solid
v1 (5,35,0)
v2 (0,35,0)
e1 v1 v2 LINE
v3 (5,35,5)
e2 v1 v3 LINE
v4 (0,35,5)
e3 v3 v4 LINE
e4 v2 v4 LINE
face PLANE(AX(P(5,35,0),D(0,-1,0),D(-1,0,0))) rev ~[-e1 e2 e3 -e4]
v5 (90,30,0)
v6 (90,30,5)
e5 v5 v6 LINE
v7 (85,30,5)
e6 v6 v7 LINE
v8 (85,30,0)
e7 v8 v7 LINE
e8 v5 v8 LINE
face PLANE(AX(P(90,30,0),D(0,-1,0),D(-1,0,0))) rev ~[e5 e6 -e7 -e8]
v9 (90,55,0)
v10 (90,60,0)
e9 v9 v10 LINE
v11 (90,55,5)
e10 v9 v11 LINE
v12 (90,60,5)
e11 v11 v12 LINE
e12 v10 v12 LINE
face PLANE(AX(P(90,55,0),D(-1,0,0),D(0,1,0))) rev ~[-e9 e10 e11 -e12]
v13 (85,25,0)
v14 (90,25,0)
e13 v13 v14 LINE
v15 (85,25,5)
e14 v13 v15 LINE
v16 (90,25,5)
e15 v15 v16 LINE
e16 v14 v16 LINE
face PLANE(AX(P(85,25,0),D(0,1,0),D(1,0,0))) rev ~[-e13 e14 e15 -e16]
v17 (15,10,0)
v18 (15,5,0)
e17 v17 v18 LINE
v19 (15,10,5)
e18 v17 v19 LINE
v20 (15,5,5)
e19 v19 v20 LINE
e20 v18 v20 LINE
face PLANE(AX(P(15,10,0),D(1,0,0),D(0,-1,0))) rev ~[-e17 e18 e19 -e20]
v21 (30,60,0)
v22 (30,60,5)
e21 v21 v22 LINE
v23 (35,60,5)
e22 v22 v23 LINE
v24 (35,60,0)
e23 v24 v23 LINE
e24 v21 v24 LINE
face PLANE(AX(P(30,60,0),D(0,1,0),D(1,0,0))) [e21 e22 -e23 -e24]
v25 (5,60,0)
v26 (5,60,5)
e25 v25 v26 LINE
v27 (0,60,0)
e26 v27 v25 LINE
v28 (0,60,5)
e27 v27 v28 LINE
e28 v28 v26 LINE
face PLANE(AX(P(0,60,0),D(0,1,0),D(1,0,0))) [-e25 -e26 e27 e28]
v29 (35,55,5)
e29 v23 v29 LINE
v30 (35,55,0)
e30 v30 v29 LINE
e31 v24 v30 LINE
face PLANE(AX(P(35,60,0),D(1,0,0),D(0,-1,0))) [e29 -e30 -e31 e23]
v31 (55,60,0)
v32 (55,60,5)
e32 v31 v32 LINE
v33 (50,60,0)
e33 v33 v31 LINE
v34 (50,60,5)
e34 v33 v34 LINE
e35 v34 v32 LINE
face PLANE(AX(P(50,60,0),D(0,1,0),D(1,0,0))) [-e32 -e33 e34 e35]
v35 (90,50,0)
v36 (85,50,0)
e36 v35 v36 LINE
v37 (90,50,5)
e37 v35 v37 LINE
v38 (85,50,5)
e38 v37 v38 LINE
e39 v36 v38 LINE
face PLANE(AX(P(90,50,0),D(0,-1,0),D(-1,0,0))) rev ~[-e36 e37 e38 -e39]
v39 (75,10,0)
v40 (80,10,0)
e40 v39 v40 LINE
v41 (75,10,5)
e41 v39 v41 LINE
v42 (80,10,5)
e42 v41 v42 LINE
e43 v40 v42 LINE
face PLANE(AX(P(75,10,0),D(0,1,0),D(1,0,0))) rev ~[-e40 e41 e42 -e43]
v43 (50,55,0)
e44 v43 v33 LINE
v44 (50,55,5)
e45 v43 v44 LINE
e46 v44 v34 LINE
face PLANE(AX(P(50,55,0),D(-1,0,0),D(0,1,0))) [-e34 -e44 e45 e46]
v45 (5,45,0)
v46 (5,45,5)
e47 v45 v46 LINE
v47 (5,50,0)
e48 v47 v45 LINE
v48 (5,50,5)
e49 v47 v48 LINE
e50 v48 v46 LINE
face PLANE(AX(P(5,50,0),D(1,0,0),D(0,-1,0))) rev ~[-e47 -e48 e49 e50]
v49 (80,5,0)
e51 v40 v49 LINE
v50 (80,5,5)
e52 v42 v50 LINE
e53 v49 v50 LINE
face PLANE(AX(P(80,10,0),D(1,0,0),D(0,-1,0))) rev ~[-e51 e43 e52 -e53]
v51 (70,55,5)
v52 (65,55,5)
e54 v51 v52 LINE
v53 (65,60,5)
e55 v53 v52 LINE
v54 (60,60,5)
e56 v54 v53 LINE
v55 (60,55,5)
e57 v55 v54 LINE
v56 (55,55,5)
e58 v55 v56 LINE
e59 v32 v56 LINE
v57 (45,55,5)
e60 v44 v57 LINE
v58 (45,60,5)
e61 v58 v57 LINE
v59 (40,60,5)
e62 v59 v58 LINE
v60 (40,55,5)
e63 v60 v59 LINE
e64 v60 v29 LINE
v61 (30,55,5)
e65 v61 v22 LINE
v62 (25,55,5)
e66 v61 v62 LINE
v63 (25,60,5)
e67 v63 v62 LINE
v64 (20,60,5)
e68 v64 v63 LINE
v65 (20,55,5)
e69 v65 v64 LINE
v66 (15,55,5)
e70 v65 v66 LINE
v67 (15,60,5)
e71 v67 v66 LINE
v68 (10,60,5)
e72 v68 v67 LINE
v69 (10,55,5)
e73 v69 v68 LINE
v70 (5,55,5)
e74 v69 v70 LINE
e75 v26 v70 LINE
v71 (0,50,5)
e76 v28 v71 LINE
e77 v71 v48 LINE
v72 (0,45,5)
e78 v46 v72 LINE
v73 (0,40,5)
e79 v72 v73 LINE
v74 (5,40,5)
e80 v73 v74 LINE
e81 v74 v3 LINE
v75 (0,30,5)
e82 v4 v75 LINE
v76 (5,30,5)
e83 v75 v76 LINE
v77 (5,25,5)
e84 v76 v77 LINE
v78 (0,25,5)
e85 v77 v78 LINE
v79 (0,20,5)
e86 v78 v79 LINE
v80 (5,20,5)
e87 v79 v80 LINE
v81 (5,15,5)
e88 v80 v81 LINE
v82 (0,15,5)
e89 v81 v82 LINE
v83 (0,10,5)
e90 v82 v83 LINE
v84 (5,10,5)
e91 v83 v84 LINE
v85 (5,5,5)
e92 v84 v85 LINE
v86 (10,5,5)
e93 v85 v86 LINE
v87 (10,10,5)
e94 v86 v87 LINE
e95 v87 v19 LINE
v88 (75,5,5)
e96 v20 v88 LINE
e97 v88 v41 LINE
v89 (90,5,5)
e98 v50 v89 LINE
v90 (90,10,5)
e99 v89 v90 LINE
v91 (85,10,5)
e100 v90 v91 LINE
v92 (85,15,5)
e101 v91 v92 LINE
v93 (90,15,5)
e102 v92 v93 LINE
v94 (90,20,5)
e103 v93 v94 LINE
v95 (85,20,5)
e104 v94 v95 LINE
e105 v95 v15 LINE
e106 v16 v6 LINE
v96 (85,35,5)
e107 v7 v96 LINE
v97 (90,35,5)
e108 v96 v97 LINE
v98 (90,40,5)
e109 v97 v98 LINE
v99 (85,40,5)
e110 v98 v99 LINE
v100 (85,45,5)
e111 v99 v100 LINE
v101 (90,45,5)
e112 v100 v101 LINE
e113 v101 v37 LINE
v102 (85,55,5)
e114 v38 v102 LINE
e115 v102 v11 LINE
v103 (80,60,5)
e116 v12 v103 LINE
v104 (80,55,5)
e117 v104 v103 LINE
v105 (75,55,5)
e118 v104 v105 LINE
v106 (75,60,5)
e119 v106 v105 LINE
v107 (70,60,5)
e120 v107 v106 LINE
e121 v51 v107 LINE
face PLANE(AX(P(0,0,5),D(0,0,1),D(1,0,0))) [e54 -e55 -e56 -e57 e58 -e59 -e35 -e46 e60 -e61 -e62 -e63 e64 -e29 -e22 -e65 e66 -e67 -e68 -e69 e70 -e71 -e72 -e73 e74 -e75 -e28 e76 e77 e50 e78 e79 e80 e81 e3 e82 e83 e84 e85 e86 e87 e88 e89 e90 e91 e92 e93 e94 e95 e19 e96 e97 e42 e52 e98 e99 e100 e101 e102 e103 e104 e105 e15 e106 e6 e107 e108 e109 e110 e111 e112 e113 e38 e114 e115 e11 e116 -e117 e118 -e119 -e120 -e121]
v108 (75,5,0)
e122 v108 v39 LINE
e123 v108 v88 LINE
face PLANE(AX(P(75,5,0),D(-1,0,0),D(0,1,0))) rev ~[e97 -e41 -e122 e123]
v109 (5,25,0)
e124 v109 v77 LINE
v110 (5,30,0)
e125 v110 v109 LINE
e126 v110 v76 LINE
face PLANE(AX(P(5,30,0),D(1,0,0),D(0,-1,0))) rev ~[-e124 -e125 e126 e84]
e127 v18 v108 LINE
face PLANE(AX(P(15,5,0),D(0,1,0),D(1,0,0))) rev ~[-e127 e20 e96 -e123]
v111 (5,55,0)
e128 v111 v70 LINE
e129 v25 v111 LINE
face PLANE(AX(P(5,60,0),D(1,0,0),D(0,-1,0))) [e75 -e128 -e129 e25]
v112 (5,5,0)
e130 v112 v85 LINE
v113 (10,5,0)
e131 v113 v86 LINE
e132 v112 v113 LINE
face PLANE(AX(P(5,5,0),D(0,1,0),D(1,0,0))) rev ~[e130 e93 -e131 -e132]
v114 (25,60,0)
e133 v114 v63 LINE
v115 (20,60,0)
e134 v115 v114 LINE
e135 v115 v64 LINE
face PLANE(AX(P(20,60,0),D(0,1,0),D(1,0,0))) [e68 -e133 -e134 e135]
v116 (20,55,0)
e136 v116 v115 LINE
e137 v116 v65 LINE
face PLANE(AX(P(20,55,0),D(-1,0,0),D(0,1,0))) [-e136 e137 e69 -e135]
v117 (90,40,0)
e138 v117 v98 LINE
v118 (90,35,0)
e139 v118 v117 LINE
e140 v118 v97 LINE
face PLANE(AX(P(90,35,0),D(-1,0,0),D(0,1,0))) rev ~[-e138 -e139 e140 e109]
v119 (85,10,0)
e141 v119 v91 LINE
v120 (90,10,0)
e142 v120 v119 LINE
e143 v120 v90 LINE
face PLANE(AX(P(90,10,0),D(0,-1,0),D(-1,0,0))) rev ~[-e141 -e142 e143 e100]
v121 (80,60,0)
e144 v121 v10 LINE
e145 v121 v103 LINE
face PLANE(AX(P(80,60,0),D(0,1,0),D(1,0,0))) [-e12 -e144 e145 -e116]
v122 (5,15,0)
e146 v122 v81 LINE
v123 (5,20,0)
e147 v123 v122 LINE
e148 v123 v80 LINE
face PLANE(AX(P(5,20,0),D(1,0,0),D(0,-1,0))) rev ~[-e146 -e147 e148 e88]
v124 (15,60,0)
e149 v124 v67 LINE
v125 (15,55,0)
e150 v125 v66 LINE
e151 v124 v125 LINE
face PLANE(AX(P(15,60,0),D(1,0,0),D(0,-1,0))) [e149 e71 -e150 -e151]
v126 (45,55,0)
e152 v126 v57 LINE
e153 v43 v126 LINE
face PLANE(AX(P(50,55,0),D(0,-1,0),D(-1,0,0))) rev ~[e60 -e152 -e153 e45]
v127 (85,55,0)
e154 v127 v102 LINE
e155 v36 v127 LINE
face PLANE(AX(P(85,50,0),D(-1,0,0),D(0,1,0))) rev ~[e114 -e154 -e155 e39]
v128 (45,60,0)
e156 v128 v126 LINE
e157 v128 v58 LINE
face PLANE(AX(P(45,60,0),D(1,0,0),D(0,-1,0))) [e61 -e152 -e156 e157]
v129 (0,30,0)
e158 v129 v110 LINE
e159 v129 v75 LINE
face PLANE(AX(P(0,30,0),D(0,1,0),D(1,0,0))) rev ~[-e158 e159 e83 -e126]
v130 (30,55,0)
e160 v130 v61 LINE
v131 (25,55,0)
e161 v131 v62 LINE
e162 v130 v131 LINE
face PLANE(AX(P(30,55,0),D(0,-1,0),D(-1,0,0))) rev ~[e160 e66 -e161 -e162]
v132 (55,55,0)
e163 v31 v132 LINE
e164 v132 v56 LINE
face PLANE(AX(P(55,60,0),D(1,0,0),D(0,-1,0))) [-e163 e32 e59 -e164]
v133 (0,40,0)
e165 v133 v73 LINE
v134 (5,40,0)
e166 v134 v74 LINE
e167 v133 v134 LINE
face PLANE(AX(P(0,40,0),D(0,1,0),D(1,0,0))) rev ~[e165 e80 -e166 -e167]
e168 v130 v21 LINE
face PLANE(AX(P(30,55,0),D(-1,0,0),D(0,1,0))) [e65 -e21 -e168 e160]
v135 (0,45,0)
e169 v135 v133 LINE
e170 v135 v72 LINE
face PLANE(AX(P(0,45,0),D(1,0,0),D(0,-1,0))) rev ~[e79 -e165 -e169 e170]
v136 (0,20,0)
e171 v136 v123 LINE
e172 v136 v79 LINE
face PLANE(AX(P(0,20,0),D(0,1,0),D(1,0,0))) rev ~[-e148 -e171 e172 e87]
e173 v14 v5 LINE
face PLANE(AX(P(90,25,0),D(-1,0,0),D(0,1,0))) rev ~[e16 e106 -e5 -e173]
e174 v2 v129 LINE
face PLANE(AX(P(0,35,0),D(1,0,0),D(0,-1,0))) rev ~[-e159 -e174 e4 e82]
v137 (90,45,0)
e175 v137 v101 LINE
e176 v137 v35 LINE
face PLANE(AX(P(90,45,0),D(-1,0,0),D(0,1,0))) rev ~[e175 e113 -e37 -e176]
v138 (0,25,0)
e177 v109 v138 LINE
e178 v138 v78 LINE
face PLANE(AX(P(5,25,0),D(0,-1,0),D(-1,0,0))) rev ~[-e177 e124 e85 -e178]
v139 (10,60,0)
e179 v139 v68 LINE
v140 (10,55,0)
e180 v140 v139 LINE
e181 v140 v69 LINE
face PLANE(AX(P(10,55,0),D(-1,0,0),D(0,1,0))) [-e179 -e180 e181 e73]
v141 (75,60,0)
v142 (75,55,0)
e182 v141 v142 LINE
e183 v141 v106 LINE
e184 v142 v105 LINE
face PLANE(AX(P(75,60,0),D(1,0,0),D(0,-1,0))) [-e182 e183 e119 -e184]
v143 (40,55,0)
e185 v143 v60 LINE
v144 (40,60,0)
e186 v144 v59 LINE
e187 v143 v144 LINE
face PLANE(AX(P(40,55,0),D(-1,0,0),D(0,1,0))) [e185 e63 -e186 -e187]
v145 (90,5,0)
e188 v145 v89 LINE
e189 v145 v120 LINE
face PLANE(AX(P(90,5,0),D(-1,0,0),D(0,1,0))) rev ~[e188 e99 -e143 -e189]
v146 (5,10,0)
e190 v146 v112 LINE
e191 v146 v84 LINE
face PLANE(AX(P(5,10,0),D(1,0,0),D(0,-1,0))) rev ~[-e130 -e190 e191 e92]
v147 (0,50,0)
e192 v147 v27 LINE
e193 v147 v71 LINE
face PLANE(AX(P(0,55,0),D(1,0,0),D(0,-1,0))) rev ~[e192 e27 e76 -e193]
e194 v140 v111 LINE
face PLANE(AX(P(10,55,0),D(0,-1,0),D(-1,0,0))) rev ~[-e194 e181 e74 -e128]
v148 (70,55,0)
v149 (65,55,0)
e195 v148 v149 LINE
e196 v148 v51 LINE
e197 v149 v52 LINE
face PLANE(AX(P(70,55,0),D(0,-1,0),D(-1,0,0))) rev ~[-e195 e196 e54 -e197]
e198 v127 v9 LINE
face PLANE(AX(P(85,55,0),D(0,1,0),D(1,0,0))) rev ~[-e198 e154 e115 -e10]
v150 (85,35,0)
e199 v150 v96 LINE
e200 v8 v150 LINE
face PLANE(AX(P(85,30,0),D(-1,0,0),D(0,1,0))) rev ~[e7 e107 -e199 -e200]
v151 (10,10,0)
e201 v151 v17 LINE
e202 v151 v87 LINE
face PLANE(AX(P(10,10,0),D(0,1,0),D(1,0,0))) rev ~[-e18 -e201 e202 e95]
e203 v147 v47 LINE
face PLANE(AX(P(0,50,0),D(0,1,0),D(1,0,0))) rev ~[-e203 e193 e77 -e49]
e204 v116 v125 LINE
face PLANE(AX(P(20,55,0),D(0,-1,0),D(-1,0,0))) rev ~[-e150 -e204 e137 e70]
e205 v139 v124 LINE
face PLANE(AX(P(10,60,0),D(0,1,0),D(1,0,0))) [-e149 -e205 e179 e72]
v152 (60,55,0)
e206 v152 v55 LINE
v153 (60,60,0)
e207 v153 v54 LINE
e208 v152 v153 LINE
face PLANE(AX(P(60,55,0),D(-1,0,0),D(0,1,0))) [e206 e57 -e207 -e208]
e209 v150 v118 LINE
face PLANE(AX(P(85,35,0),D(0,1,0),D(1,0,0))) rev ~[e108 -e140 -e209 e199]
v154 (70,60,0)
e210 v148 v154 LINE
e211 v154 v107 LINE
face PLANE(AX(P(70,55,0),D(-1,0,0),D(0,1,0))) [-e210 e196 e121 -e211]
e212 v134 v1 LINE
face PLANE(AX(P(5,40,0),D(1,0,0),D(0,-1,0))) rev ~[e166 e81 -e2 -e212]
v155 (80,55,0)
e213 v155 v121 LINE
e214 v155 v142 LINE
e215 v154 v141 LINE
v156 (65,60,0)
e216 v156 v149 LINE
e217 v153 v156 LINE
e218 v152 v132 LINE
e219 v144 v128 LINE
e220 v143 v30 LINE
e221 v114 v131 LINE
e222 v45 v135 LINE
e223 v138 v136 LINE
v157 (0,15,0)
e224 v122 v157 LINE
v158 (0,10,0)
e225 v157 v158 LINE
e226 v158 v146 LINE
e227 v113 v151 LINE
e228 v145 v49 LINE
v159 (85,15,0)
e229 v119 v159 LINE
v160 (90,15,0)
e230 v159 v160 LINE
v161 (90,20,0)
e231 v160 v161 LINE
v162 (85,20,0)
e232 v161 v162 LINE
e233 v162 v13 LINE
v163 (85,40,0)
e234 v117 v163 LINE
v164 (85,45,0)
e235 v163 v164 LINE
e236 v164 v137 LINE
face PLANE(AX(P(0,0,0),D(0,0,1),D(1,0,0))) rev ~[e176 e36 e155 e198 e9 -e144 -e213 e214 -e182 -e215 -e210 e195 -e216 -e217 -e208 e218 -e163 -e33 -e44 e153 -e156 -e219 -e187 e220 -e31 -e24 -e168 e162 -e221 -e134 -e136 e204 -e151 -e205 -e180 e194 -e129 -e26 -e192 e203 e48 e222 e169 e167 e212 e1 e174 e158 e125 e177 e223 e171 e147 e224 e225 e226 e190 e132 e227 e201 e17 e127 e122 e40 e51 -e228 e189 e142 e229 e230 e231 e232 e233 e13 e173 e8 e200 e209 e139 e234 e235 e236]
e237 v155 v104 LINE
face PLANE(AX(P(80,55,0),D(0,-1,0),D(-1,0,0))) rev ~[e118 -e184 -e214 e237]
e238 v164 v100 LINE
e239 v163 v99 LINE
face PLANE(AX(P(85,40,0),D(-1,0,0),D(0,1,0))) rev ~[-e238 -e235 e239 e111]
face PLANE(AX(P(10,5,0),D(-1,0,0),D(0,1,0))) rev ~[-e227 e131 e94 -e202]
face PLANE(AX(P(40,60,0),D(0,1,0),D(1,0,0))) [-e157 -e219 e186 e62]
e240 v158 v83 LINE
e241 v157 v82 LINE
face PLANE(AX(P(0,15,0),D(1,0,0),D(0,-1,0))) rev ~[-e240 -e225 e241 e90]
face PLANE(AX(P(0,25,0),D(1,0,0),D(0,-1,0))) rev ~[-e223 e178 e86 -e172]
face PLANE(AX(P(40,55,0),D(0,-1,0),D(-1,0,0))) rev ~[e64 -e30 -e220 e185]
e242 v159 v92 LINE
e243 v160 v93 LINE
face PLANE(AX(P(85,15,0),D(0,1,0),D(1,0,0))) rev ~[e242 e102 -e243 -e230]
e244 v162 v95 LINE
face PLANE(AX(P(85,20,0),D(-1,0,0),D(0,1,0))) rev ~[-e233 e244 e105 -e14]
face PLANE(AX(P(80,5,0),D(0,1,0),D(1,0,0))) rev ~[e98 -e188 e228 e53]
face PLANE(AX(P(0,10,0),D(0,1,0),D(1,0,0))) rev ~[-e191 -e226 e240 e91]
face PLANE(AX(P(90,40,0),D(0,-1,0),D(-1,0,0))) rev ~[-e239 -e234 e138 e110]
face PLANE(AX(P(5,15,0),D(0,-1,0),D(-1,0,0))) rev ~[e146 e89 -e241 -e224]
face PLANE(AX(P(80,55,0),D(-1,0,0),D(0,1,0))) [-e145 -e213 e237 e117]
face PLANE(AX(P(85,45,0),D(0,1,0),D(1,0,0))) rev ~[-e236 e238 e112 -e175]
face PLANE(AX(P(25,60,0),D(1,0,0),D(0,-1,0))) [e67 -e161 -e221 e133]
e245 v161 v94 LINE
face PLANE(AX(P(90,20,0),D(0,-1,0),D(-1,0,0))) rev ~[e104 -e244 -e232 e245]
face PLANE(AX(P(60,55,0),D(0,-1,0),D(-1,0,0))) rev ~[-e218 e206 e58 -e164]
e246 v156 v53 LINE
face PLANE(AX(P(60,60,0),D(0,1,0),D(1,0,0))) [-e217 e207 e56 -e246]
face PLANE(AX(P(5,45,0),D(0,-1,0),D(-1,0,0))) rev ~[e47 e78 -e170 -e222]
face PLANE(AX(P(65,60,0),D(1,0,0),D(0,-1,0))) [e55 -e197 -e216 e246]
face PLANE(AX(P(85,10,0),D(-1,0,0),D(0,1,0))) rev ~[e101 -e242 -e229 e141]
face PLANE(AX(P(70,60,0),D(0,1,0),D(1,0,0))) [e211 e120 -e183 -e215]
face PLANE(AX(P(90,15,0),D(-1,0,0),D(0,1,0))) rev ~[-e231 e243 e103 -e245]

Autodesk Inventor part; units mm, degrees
ref_plane "YZ Plane" through (0, 0, 0) normal (1, 0, 0) x (0, 1, 0)
ref_plane "XZ Plane" through (0, 0, 0) normal (0, 1, 0) x (-1, 0, 0)
ref_plane "XY Plane" through (0, 0, 0) normal (0, 0, 1) x (1, 0, 0)
sketch "Sketch1" plane through (0, 0, 0) normal (0, 0, 1) x (1, 0, 0)
  line L0 (5, 5) -> (85, 5)
  line L1 (85, 5) -> (85, 55)
  line L2 (85, 55) -> (5, 55)
  line L3 (5, 55) -> (5, 5)
  line L4 (0, 60) -> (5, 60)
  line L5 (5, 60) -> (5, 55)
  line L6 (5, 55) -> (0, 55)
  line L7 (0, 55) -> (0, 60)
  line L8 (0, 50) -> (5, 50)
  line L9 (5, 50) -> (5, 55)
  line L10 (5, 55) -> (0, 55)
  line L11 (0, 55) -> (0, 50)
  line L12 (5, 45) -> (0, 45)
  line L13 (0, 40) -> (5, 40)
  line L14 (5, 40) -> (5, 45)
  line L15 (5, 45) -> (0, 45)
  line L16 (0, 45) -> (0, 40)
  line L17 (5, 35) -> (0, 35)
  line L18 (0, 30) -> (5, 30)
  line L19 (5, 30) -> (5, 35)
  line L20 (5, 35) -> (0, 35)
  line L21 (0, 35) -> (0, 30)
  line L22 (5, 25) -> (0, 25)
  line L23 (0, 20) -> (5, 20)
  line L24 (5, 20) -> (5, 25)
  line L25 (5, 25) -> (0, 25)
  line L26 (0, 25) -> (0, 20)
  line L27 (5, 15) -> (0, 15)
  line L28 (0, 10) -> (5, 10)
  line L29 (5, 10) -> (5, 15)
  line L30 (5, 15) -> (0, 15)
  line L31 (0, 15) -> (0, 10)
  line L32 (15, 55) -> (10, 55)
  line L33 (15, 55) -> (10, 55)
  line L34 (10, 60) -> (15, 60)
  line L35 (10, 55) -> (10, 60)
  line L36 (15, 60) -> (15, 55)
  line L37 (25, 55) -> (20, 55)
  line L38 (25, 55) -> (20, 55)
  line L39 (20, 60) -> (25, 60)
  line L40 (20, 55) -> (20, 60)
  line L41 (25, 60) -> (25, 55)
  line L42 (35, 55) -> (30, 55)
  line L43 (35, 55) -> (30, 55)
  line L44 (30, 60) -> (35, 60)
  line L45 (30, 55) -> (30, 60)
  line L46 (35, 60) -> (35, 55)
  line L47 (45, 55) -> (40, 55)
  line L48 (45, 55) -> (40, 55)
  line L49 (40, 60) -> (45, 60)
  line L50 (40, 55) -> (40, 60)
  line L51 (45, 60) -> (45, 55)
  line L52 (55, 55) -> (50, 55)
  line L53 (55, 55) -> (50, 55)
  line L54 (50, 60) -> (55, 60)
  line L55 (50, 55) -> (50, 60)
  line L56 (55, 60) -> (55, 55)
  line L57 (65, 55) -> (60, 55)
  line L58 (65, 55) -> (60, 55)
  line L59 (60, 60) -> (65, 60)
  line L60 (60, 55) -> (60, 60)
  line L61 (65, 60) -> (65, 55)
  line L62 (75, 55) -> (70, 55)
  line L63 (75, 55) -> (70, 55)
  line L64 (70, 60) -> (75, 60)
  line L65 (70, 55) -> (70, 60)
  line L66 (75, 60) -> (75, 55)
  line L67 (85, 55) -> (80, 55)
  line L68 (85, 55) -> (80, 55)
  line L69 (80, 60) -> (85, 60)
  line L70 (80, 55) -> (80, 60)
  line L71 (85, 60) -> (85, 55)
  line L72 (90, 60) -> (85, 60)
  line L73 (85, 60) -> (85, 55)
  line L74 (85, 55) -> (90, 55)
  line L75 (90, 55) -> (90, 60)
  line L76 (90, 50) -> (85, 50)
  line L77 (85, 45) -> (90, 45)
  line L78 (90, 45) -> (90, 50)
  line L79 (90, 40) -> (85, 40)
  line L80 (85, 35) -> (90, 35)
  line L81 (90, 35) -> (90, 40)
  line L82 (90, 30) -> (85, 30)
  line L83 (85, 25) -> (90, 25)
  line L84 (90, 25) -> (90, 30)
  line L85 (90, 20) -> (85, 20)
  line L86 (85, 15) -> (90, 15)
  line L87 (90, 15) -> (90, 20)
  line L88 (90, 10) -> (85, 10)
  line L89 (85, 5) -> (90, 5)
  line L90 (90, 5) -> (90, 10)
  line L91 (10, 10) -> (15, 10)
  line L92 (15, 10) -> (15, 5)
  line L93 (15, 5) -> (10, 5)
  line L94 (10, 5) -> (10, 10)
  line L95 (75, 10) -> (80, 10)
  line L96 (80, 10) -> (80, 5)
  line L97 (80, 5) -> (75, 5)
  line L98 (75, 5) -> (75, 10)
  line L99 (15, 45) -> (75, 45)
  line L100 (75, 45) -> (75, 15)
  line L101 (75, 15) -> (15, 15)
  line L102 (15, 15) -> (15, 45)
  point P0 (0, 0)
  point P1 (10, 50)
  point P2 (20, 50)
  point P3 (30, 50)
  point P4 (40, 50)
  point P5 (50, 50)
  point P6 (60, 50)
  point P7 (70, 50)
  point P8 (80, 50)
  dimension "d2" = 10
  dimension "d9" = 10
  dimension "d16" = 10
extrude "Extrusion1" add sketch "Sketch1" along normal blind 5 contours L3 L2 L1 L0 L96 L95 L98 L92 L91 L94 | L28 L31 L27 L3 | L23 L26 L22 L3 | L1 L88 L90 L89 | L18 L21 L17 L3 | L1 L85 L87 L86 | L13 L16 L12 L3 | L1 L82 L84 L83 | L8 L11 L6 L3 | L6 L7 L4 L5 | L1 L79 L81 L80 | L35 L34 L36 L2 | L1 L76 L78 L77 | L40 L39 L41 L2 | L2 L70 L69 L71 | L71 L72 L75 L74 | L45 L44 L46 L2 | L2 L65 L64 L66 | L50 L49 L51 L2 | L2 L60 L59 L61 | L55 L54 L56 L2 | L99 L100 L101 L102
properties part number "leftrightside"
